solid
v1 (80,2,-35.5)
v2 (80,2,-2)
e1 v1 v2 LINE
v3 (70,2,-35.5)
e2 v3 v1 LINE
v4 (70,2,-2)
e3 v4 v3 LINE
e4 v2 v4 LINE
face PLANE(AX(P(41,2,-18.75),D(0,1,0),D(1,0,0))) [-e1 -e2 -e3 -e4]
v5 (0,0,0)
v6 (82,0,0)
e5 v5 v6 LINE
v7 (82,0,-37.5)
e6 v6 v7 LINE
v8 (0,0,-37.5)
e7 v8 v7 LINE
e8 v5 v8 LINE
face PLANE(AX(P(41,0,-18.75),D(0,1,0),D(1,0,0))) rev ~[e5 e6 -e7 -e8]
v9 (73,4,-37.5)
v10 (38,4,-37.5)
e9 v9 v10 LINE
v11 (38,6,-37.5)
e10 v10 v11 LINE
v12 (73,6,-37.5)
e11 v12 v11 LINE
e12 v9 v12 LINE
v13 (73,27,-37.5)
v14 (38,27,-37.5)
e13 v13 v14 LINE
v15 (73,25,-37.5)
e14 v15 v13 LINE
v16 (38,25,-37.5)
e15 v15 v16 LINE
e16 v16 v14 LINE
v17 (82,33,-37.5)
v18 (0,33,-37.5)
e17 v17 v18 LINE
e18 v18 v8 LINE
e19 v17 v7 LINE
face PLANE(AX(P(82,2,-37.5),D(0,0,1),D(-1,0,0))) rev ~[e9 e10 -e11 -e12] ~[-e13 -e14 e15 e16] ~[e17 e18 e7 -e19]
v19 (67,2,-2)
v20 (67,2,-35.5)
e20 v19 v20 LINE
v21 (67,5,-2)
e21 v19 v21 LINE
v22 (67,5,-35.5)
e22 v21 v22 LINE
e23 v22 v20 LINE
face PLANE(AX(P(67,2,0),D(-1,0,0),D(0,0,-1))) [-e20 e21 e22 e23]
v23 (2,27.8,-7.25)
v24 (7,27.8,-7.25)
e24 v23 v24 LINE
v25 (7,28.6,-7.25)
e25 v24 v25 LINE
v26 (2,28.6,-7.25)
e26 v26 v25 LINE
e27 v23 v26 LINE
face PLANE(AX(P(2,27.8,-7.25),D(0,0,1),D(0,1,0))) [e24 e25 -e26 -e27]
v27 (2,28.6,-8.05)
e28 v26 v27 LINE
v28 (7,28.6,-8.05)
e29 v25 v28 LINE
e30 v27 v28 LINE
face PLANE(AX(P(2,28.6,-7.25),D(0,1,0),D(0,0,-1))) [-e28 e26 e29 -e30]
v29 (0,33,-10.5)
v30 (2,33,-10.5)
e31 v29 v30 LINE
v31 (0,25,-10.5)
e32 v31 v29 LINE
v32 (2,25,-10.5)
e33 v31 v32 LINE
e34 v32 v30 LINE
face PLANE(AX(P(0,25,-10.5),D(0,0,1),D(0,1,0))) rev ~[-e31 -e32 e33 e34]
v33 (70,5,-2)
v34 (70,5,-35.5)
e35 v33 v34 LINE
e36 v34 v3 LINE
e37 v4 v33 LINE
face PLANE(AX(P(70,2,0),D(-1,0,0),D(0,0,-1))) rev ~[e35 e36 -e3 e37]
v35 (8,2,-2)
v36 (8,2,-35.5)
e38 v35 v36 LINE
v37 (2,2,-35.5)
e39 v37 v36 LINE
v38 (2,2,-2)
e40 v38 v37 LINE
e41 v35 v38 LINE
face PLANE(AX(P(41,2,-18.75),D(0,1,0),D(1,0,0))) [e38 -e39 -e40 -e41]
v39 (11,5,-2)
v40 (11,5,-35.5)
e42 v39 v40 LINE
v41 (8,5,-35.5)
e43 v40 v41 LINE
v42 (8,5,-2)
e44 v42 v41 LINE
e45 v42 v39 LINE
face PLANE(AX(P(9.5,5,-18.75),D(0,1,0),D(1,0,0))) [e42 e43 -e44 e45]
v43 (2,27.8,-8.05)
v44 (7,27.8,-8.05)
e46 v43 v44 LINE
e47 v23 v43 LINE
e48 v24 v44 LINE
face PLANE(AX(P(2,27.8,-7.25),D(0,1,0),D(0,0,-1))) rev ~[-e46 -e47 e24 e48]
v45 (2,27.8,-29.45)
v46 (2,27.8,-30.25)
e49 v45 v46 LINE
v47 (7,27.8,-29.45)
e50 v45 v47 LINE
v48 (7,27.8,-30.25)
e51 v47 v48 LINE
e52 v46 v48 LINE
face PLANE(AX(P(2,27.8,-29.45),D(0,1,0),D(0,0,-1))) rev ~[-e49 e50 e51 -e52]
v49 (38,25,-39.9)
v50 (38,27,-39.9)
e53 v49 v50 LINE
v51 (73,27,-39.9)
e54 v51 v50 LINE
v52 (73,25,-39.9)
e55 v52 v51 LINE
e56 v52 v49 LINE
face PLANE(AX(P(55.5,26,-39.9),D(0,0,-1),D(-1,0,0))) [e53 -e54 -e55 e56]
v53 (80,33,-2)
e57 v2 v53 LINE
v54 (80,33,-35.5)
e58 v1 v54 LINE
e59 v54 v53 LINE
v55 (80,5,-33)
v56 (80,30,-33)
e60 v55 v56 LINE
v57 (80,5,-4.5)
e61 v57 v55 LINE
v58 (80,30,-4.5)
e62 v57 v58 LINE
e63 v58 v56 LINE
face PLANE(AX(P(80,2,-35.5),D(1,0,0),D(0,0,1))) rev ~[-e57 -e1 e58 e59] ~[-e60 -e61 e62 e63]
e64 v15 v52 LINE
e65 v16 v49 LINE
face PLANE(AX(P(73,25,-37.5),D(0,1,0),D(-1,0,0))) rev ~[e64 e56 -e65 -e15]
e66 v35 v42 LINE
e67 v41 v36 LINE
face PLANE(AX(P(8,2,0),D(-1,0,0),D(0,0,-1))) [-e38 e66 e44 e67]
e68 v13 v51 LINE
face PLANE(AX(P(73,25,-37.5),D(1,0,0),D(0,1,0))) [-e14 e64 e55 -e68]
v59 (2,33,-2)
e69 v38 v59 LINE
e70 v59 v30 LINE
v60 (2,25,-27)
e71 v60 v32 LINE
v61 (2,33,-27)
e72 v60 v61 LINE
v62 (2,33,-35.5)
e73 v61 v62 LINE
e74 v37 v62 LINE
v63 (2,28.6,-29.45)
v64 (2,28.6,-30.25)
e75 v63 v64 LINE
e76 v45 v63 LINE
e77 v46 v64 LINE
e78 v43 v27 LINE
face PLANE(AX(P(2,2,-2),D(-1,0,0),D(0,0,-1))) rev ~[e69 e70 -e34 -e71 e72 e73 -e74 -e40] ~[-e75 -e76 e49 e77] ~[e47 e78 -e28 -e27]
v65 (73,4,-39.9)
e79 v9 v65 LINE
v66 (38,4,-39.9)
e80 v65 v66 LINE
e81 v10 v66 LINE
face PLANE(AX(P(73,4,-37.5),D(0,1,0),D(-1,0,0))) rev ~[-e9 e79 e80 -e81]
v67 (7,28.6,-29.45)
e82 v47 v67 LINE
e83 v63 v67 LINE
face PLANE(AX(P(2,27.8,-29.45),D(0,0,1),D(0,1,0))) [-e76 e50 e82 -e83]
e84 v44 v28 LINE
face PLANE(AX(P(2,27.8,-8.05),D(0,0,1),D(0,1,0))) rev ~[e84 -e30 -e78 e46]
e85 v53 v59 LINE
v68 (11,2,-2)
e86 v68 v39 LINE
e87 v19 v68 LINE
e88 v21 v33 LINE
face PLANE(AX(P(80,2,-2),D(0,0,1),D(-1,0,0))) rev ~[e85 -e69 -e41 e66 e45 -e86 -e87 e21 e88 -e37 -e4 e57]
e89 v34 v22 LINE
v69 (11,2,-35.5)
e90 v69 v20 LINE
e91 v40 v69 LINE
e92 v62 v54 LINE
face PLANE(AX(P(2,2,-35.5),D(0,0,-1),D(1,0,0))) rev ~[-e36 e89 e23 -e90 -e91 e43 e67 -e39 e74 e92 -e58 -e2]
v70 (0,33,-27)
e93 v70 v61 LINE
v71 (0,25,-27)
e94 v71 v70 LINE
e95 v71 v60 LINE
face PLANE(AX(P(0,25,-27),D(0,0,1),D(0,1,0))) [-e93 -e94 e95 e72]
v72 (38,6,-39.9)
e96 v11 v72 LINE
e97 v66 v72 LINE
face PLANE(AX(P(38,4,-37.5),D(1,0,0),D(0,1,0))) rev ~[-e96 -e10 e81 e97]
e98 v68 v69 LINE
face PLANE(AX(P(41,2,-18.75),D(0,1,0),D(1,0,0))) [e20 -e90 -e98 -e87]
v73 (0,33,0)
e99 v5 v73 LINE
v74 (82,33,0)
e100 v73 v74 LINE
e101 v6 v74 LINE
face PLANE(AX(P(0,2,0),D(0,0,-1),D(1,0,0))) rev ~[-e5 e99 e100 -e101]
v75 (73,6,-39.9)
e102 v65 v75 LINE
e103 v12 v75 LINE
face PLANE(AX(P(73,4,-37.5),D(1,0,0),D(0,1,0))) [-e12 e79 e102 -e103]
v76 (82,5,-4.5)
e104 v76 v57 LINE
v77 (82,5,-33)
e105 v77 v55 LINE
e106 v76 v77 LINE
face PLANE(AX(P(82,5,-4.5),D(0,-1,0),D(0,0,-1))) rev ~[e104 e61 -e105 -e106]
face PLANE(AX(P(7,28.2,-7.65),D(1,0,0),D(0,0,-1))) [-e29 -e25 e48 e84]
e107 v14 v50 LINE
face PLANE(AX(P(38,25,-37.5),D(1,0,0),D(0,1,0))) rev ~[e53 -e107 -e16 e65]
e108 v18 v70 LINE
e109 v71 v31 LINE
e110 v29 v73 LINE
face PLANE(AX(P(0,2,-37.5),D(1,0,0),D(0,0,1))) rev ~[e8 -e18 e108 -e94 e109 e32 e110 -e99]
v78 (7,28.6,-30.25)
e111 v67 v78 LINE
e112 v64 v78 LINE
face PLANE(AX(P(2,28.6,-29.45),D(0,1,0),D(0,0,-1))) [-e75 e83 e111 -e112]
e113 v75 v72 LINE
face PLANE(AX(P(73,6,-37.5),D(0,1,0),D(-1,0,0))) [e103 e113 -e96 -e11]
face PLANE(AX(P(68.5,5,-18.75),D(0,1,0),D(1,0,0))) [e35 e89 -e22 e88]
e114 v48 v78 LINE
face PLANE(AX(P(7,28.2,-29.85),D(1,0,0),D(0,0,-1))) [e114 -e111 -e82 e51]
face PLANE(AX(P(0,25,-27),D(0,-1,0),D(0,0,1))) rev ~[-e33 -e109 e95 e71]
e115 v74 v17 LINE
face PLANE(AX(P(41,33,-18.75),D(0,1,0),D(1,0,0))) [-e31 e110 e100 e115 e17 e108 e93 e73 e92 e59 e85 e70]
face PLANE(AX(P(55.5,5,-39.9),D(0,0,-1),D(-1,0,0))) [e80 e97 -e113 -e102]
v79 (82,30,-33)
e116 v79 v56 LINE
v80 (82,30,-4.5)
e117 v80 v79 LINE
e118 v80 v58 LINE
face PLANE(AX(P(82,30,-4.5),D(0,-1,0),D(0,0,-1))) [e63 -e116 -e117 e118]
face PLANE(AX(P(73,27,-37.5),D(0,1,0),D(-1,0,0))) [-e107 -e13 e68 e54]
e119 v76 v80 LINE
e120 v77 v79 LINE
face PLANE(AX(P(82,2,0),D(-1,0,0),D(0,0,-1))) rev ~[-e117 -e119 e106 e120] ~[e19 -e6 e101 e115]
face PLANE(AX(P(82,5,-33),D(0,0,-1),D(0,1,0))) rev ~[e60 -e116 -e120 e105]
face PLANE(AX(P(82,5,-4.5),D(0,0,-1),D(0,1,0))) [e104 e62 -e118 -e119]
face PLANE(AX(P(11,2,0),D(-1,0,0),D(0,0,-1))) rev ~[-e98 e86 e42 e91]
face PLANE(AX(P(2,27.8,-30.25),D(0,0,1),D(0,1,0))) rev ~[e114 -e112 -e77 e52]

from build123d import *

# Parameters (mm, degrees)
SKETCH1_W           = 82
SKETCH1_H           = 37.5
BOSS_EXTRUDE2_DEPTH = 2
SKETCH2_W           = 3
SKETCH2_H           = 37.5
BOSS_EXTRUDE4_DEPTH = 3
BOSS_EXTRUDE5_DEPTH = 31
SKETCH6_W           = 16.5
SKETCH6_H           = 8
CUT_EXTRUDE1_DEPTH  = 2
SKETCH7_W           = 28.5
SKETCH7_H           = 25
CUT_EXTRUDE2_DEPTH  = 2
SKETCH8_W           = 0.8
SKETCH8_H           = 0.8
BOSS_EXTRUDE6_DEPTH = 5
SKETCH9_W           = 35
SKETCH9_H           = 2
BOSS_EXTRUDE7_DEPTH = 2.4


with BuildPart() as part:
    # Sketch1 → Boss-Extrude2 (new body)
    with BuildSketch(Plane(origin=(0, 0, 0), x_dir=(1, 0, 0), z_dir=(0, 1, 0))):
        with Locations((41, 18.75)):
            Rectangle(SKETCH1_W, SKETCH1_H)
    extrude(amount=BOSS_EXTRUDE2_DEPTH)

    # Sketch2 → Boss-Extrude4 (add)
    with BuildSketch(Plane(origin=(0, 2, 0), x_dir=(1, 0, 0), z_dir=(0, 1, 0))):
        with Locations((9.5, 18.75)):
            Rectangle(SKETCH2_W, SKETCH2_H)
        with Locations((68.5, 18.75)):
            Rectangle(SKETCH2_W, SKETCH2_H)
    extrude(amount=BOSS_EXTRUDE4_DEPTH)

    # Sketch4 → Boss-Extrude5 (add)
    with BuildSketch(Plane(origin=(0, 2, 0), x_dir=(1, 0, 0), z_dir=(0, 1, 0))):
        Polygon((11, 37.5), (8, 37.5), (0, 37.5), (0, 0), (8, 0), (11, 0), (67, 0), (70, 0), (82, 0), (82, 37.5), (70, 37.5), (67, 37.5), align=None)
        Polygon((2, 2), (2, 35.5), (8, 35.5), (11, 35.5), (67, 35.5), (70, 35.5), (80, 35.5), (80, 2), (70, 2), (67, 2), (11, 2), (8, 2), align=None, mode=Mode.SUBTRACT)
    extrude(amount=BOSS_EXTRUDE5_DEPTH)

    # Sketch6 → Cut-Extrude1 (cut)
    with BuildSketch(Plane.ZY):
        with Locations((-18.75, 29)):
            Rectangle(SKETCH6_W, SKETCH6_H)
    extrude(amount=-CUT_EXTRUDE1_DEPTH, mode=Mode.SUBTRACT)

    # Sketch7 → Cut-Extrude2 (cut)
    with BuildSketch(Plane(origin=(82, 0, 0), x_dir=(0, 0, -1), z_dir=(1, 0, 0))):
        with Locations((18.75, 17.5)):
            Rectangle(SKETCH7_W, SKETCH7_H)
    extrude(amount=-CUT_EXTRUDE2_DEPTH, mode=Mode.SUBTRACT)

    # Sketch8 → Boss-Extrude6 (add)
    with BuildSketch(Plane(origin=(2, 0, 0), x_dir=(0, 0, -1), z_dir=(1, 0, 0))):
        with Locations((7.65, 28.2)):
            Rectangle(SKETCH8_W, SKETCH8_H)
        with Locations((29.85, 28.2)):
            Rectangle(SKETCH8_W, SKETCH8_H)
    extrude(amount=BOSS_EXTRUDE6_DEPTH)

    # Sketch9 → Boss-Extrude7 (add)
    with BuildSketch(Plane(origin=(0, 0, -37.5), x_dir=(-1, 0, 0), z_dir=(0, 0, -1))):
        with Locations((-55.5, 26)):
            Rectangle(SKETCH9_W, SKETCH9_H)
        with Locations((-55.5, 5)):
            Rectangle(SKETCH9_W, SKETCH9_H)
    extrude(amount=BOSS_EXTRUDE7_DEPTH)


solid = part.part
